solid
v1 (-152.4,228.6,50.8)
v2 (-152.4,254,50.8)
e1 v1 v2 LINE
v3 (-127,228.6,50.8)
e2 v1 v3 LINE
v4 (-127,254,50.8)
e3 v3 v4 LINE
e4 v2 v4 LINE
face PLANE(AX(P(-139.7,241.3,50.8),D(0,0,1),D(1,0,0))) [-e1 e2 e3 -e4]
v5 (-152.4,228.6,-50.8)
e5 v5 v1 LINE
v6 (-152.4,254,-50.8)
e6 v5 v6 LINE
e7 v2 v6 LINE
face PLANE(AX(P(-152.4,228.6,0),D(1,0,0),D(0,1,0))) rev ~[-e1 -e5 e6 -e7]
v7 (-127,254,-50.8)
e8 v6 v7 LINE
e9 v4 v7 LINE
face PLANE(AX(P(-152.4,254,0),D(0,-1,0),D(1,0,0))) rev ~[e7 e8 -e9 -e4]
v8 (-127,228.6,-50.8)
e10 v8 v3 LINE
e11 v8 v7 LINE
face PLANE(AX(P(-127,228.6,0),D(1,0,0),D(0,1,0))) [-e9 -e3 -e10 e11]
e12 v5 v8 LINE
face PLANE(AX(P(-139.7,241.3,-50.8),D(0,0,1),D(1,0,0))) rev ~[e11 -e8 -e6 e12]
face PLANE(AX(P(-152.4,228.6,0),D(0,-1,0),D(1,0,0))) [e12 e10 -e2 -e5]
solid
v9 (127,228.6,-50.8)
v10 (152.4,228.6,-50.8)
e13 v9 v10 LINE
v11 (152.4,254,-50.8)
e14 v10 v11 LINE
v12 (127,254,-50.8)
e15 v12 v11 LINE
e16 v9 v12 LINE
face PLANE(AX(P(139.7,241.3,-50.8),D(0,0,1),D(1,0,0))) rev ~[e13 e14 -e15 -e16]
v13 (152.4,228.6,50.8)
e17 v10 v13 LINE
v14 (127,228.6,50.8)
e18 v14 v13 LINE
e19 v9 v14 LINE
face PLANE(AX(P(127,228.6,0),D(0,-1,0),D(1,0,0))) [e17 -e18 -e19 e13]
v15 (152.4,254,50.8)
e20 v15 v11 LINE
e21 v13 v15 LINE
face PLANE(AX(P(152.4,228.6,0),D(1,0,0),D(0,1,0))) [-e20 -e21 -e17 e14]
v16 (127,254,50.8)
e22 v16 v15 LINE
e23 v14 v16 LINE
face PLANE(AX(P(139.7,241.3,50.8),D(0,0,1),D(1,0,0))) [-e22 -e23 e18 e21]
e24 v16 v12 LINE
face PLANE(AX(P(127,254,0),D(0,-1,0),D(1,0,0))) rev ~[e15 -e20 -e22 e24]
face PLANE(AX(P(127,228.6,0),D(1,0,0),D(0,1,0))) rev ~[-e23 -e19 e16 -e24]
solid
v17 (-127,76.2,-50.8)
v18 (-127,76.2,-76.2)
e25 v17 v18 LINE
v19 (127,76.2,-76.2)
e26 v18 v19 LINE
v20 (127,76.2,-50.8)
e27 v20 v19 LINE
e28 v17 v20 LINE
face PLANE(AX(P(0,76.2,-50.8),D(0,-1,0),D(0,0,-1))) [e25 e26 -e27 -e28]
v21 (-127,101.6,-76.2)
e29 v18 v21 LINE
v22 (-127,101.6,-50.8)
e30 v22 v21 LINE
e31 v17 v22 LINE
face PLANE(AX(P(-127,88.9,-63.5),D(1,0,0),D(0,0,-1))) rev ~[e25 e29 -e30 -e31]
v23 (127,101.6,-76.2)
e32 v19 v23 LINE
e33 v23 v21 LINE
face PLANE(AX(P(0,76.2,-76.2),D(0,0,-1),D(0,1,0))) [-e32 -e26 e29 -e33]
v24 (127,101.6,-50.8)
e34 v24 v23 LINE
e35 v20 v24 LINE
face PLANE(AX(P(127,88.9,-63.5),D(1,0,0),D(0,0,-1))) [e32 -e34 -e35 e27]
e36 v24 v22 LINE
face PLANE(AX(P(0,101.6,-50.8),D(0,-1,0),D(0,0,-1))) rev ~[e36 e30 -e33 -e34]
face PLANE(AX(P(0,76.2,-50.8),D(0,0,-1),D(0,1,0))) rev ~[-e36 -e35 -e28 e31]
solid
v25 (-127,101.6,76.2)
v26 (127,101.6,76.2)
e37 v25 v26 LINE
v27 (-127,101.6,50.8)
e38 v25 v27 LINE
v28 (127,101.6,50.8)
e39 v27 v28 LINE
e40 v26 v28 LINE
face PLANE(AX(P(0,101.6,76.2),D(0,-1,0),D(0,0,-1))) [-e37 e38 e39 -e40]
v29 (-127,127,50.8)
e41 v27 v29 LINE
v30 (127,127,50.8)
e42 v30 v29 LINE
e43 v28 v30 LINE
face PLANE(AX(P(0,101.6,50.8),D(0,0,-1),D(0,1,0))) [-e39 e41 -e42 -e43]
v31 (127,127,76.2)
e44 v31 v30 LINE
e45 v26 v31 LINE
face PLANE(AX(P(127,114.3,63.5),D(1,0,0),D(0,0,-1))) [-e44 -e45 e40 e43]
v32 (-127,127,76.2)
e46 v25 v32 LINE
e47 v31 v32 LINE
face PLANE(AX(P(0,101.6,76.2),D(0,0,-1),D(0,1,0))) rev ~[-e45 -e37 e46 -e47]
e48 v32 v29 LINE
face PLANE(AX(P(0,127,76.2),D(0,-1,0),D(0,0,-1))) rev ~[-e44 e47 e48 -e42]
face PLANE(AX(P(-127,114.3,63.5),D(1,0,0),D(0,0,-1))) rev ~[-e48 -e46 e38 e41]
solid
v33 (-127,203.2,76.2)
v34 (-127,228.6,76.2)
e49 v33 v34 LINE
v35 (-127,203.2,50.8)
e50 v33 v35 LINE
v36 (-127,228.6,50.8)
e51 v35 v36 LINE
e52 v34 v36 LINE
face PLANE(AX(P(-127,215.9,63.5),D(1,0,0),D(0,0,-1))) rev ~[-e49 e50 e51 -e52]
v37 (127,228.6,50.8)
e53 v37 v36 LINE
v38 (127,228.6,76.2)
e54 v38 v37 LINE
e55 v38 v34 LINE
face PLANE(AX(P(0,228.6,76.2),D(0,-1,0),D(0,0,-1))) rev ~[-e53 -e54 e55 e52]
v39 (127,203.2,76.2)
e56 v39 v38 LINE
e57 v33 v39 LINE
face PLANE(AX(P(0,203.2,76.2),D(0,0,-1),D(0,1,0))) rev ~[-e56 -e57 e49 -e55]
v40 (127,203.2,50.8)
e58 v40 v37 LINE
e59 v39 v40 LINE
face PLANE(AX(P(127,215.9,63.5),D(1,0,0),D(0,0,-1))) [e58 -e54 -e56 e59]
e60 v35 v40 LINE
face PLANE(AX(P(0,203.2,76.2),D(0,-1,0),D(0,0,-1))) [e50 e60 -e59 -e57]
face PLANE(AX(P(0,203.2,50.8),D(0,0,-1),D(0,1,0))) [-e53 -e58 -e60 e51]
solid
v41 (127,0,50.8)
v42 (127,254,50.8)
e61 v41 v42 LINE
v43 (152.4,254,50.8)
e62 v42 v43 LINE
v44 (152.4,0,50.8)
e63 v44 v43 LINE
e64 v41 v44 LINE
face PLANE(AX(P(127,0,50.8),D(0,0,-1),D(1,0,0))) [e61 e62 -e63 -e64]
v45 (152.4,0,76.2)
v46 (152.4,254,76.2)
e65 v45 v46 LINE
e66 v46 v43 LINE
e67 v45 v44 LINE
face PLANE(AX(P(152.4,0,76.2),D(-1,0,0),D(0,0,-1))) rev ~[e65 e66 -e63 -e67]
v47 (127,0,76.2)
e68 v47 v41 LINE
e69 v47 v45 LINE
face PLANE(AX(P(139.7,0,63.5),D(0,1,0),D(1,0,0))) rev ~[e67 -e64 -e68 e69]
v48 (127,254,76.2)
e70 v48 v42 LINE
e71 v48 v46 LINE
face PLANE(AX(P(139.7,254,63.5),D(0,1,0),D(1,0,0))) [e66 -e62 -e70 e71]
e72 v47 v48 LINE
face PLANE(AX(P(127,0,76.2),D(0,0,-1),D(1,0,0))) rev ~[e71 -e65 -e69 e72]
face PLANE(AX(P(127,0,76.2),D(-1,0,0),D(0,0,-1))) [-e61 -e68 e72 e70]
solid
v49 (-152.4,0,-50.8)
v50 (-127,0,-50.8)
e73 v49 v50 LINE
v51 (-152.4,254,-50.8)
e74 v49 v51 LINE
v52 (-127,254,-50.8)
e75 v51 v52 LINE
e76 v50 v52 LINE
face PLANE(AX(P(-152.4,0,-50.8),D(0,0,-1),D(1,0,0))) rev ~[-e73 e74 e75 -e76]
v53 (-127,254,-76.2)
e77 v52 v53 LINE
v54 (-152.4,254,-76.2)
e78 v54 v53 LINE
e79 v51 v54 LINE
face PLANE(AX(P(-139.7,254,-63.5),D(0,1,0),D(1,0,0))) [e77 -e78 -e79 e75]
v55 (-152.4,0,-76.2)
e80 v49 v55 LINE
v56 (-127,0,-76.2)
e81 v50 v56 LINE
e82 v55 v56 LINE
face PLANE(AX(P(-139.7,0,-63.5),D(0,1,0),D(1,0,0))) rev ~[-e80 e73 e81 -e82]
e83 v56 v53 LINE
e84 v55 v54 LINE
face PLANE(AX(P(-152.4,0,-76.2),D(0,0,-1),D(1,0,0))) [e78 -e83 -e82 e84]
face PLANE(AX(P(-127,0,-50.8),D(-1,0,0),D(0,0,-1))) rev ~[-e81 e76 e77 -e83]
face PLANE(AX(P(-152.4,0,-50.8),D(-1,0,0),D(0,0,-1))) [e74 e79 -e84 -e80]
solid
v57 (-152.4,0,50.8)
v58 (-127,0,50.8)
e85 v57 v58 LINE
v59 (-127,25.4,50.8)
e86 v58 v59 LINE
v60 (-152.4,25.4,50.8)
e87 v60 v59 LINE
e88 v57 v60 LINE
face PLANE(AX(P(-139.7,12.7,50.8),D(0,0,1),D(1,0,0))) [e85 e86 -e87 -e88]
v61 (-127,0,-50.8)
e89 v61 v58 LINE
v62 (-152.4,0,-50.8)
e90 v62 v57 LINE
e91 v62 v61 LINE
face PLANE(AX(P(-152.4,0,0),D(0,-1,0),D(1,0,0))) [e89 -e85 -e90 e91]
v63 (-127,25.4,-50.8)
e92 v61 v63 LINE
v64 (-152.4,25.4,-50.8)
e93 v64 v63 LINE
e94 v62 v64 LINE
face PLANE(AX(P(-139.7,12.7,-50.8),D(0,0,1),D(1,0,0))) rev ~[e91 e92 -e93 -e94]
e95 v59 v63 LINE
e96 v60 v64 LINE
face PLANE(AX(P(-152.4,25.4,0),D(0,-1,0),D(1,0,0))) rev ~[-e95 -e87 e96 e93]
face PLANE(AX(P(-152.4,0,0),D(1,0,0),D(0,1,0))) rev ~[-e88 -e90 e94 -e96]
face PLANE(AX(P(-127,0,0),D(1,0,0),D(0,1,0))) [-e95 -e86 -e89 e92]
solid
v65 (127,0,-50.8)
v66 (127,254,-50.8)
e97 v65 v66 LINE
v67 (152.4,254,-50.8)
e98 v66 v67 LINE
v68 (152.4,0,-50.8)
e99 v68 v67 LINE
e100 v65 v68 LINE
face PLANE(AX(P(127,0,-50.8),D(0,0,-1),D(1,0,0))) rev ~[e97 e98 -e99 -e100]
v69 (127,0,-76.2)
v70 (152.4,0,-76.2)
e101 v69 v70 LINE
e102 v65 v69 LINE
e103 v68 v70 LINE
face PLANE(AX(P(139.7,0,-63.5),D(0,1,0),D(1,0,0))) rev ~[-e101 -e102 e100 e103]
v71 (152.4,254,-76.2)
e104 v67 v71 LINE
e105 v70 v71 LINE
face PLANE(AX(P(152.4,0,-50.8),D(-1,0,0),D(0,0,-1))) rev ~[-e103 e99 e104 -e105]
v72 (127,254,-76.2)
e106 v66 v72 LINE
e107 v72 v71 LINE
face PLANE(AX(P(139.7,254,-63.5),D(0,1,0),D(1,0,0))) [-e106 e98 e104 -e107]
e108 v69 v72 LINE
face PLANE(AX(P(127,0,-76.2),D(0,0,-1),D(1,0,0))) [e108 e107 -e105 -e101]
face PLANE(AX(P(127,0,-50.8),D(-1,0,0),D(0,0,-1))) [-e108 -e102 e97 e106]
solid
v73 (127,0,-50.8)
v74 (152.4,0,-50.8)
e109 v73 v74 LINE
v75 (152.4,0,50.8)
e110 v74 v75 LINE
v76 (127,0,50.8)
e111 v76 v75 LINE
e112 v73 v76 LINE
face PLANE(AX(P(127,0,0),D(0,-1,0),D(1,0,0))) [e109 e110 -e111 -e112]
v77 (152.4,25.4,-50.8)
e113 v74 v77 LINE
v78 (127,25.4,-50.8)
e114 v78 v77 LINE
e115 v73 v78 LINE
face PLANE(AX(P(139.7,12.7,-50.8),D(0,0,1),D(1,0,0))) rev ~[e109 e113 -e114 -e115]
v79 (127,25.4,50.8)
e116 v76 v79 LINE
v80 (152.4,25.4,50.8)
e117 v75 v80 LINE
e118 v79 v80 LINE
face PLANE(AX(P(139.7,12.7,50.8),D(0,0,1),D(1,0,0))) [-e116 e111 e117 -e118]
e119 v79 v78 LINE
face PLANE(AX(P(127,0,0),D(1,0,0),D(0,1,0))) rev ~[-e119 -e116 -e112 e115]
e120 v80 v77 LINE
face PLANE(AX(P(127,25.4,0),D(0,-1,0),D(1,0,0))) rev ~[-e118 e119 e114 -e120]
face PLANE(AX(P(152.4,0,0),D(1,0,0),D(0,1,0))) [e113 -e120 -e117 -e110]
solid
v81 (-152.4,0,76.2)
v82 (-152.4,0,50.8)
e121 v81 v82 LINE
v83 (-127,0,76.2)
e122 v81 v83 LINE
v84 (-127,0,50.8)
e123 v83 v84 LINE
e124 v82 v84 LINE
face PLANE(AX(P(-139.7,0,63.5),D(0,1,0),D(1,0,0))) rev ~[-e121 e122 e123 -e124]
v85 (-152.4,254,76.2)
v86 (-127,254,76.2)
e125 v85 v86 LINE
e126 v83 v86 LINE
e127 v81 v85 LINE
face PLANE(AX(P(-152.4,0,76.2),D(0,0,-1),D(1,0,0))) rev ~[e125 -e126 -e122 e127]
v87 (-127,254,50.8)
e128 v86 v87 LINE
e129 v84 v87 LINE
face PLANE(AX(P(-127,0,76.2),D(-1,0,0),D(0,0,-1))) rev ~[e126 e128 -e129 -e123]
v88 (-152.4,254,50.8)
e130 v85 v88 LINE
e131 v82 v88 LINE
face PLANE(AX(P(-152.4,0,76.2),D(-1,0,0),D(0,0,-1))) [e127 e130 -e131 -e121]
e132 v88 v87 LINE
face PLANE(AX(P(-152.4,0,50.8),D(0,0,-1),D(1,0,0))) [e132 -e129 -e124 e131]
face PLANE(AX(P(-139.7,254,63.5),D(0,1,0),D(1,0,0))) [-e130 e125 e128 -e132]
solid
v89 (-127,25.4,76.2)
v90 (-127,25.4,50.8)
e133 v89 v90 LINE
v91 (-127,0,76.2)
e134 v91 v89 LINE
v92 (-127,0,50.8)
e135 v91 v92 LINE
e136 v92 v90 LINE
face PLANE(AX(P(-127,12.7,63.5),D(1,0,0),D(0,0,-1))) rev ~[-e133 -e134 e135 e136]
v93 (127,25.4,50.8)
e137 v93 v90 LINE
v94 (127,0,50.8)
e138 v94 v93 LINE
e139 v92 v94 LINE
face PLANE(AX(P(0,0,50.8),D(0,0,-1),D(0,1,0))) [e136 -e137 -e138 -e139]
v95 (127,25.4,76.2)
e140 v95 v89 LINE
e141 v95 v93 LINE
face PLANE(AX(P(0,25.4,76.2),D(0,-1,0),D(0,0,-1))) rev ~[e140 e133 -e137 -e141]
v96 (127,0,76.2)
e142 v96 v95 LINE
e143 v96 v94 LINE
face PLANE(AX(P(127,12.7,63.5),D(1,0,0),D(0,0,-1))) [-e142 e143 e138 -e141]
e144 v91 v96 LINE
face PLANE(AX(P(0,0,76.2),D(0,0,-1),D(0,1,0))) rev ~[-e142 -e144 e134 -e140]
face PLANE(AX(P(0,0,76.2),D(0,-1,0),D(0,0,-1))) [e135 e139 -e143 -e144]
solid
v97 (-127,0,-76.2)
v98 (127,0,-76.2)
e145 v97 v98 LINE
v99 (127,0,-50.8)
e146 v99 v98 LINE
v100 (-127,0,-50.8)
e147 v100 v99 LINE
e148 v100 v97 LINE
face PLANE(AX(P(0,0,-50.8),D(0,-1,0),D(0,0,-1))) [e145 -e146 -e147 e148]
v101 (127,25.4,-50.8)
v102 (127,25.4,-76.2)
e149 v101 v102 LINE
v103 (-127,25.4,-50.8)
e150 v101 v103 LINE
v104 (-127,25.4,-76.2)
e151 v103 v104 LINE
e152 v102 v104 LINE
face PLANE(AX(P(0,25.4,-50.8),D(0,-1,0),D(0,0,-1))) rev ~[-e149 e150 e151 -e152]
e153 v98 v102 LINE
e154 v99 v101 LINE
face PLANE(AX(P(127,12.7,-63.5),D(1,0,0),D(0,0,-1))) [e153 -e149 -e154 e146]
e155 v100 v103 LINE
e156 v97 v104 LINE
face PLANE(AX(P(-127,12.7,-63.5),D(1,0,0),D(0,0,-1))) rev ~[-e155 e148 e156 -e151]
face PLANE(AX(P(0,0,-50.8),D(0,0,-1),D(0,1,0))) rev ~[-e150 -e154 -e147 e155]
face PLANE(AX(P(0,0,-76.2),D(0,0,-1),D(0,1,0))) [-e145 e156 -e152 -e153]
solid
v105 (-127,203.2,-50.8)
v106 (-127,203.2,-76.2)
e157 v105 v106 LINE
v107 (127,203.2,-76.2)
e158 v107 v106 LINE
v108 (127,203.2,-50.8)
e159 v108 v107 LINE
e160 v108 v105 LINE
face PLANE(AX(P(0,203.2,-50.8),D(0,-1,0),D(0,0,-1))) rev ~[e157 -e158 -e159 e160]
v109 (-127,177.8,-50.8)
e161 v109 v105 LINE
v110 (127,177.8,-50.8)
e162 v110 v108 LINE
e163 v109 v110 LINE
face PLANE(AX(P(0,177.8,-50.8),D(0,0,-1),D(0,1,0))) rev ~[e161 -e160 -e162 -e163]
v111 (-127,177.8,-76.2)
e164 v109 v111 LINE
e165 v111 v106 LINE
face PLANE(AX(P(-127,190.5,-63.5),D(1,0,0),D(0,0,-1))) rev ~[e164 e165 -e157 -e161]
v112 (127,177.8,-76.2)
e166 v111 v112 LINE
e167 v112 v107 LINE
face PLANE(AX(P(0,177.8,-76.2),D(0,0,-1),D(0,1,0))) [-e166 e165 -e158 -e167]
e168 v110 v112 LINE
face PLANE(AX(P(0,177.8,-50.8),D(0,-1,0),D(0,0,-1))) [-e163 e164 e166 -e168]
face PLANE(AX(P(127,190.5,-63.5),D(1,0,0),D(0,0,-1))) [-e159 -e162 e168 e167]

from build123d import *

# Parameters (mm, degrees)
SKETCH1_W                  = 25.4
SKETCH1_H                  = 25.4
BOSS_EXTRUDE1_DEPTH        = 254
BOSS_EXTRUDE1_2_DEPTH      = 254
BOSS_EXTRUDE1_3_DEPTH      = 254
BOSS_EXTRUDE1_4_DEPTH      = 254
SKETCH2_W                  = 25.4
SKETCH2_H                  = 25.4
BOSS_EXTRUDE2_DEPTH        = 127
BOSS_EXTRUDE2_DEPTH_BACK   = 127
BOSS_EXTRUDE2_2_DEPTH      = 127
BOSS_EXTRUDE2_2_DEPTH_BACK = 127
BOSS_EXTRUDE2_3_DEPTH      = 127
BOSS_EXTRUDE2_3_DEPTH_BACK = 127
BOSS_EXTRUDE2_4_DEPTH      = 127
BOSS_EXTRUDE2_4_DEPTH_BACK = 127
BOSS_EXTRUDE2_5_DEPTH      = 127
BOSS_EXTRUDE2_5_DEPTH_BACK = 127
BOSS_EXTRUDE2_6_DEPTH      = 127
BOSS_EXTRUDE2_6_DEPTH_BACK = 127
SKETCH3_W                  = 25.4
SKETCH3_H                  = 25.4
BOSS_EXTRUDE3_DEPTH        = 50.8
BOSS_EXTRUDE3_DEPTH_BACK   = 50.8
BOSS_EXTRUDE3_2_DEPTH      = 50.8
BOSS_EXTRUDE3_2_DEPTH_BACK = 50.8
BOSS_EXTRUDE3_3_DEPTH      = 50.8
BOSS_EXTRUDE3_3_DEPTH_BACK = 50.8
BOSS_EXTRUDE3_4_DEPTH      = 50.8
BOSS_EXTRUDE3_4_DEPTH_BACK = 50.8


with BuildPart() as part:
    # Sketch1 → Boss-Extrude1 (new body)
    with BuildSketch(Plane(origin=(0, 0, 0), x_dir=(1, 0, 0), z_dir=(0, 1, 0))):
        with Locations((-139.7, 63.5)):
            Rectangle(SKETCH1_W, SKETCH1_H)
    extrude(amount=BOSS_EXTRUDE1_DEPTH)


with BuildPart() as body_2:
    # Sketch1 → Boss-Extrude1 2 (new body)
    with BuildSketch(Plane(origin=(0, 0, 0), x_dir=(1, 0, 0), z_dir=(0, 1, 0))):
        with Locations((-139.7, -63.5)):
            Rectangle(SKETCH1_W, SKETCH1_H)
    extrude(amount=BOSS_EXTRUDE1_2_DEPTH)


with BuildPart() as body_3:
    # Sketch1 → Boss-Extrude1 3 (new body)
    with BuildSketch(Plane(origin=(0, 0, 0), x_dir=(1, 0, 0), z_dir=(0, 1, 0))):
        with Locations((139.7, -63.5)):
            Rectangle(SKETCH1_W, SKETCH1_H)
    extrude(amount=BOSS_EXTRUDE1_3_DEPTH)


with BuildPart() as body_4:
    # Sketch1 → Boss-Extrude1 4 (new body)
    with BuildSketch(Plane(origin=(0, 0, 0), x_dir=(1, 0, 0), z_dir=(0, 1, 0))):
        with Locations((139.7, 63.5)):
            Rectangle(SKETCH1_W, SKETCH1_H)
    extrude(amount=BOSS_EXTRUDE1_4_DEPTH)


with BuildPart() as body_5:
    # Sketch2 → Boss-Extrude2 (new body, two sides)
    with BuildSketch(Plane(origin=(0, 0, 0), x_dir=(0, 0, -1), z_dir=(1, 0, 0))) as boss_extrude2_sk:
        with Locations((-63.5, 215.9)):
            Rectangle(SKETCH2_W, SKETCH2_H)
    extrude(amount=BOSS_EXTRUDE2_DEPTH)
    extrude(boss_extrude2_sk.sketch, amount=-BOSS_EXTRUDE2_DEPTH_BACK)


with BuildPart() as body_6:
    # Sketch2 → Boss-Extrude2 2 (new body, two sides)
    with BuildSketch(Plane(origin=(0, 0, 0), x_dir=(0, 0, -1), z_dir=(1, 0, 0))) as boss_extrude2_2_sk:
        with Locations((63.5, 190.5)):
            Rectangle(SKETCH2_W, SKETCH2_H)
    extrude(amount=BOSS_EXTRUDE2_2_DEPTH)
    extrude(boss_extrude2_2_sk.sketch, amount=-BOSS_EXTRUDE2_2_DEPTH_BACK)


with BuildPart() as body_7:
    # Sketch2 → Boss-Extrude2 3 (new body, two sides)
    with BuildSketch(Plane(origin=(0, 0, 0), x_dir=(0, 0, -1), z_dir=(1, 0, 0))) as boss_extrude2_3_sk:
        with Locations((-63.5, 12.7)):
            Rectangle(SKETCH2_W, SKETCH2_H)
    extrude(amount=BOSS_EXTRUDE2_3_DEPTH)
    extrude(boss_extrude2_3_sk.sketch, amount=-BOSS_EXTRUDE2_3_DEPTH_BACK)


with BuildPart() as body_8:
    # Sketch2 → Boss-Extrude2 4 (new body, two sides)
    with BuildSketch(Plane(origin=(0, 0, 0), x_dir=(0, 0, -1), z_dir=(1, 0, 0))) as boss_extrude2_4_sk:
        with Locations((63.5, 12.7)):
            Rectangle(SKETCH2_W, SKETCH2_H)
    extrude(amount=BOSS_EXTRUDE2_4_DEPTH)
    extrude(boss_extrude2_4_sk.sketch, amount=-BOSS_EXTRUDE2_4_DEPTH_BACK)


with BuildPart() as body_9:
    # Sketch2 → Boss-Extrude2 5 (new body, two sides)
    with BuildSketch(Plane(origin=(0, 0, 0), x_dir=(0, 0, -1), z_dir=(1, 0, 0))) as boss_extrude2_5_sk:
        with Locations((-63.5, 114.3)):
            Rectangle(SKETCH2_W, SKETCH2_H)
    extrude(amount=BOSS_EXTRUDE2_5_DEPTH)
    extrude(boss_extrude2_5_sk.sketch, amount=-BOSS_EXTRUDE2_5_DEPTH_BACK)


with BuildPart() as body_10:
    # Sketch2 → Boss-Extrude2 6 (new body, two sides)
    with BuildSketch(Plane(origin=(0, 0, 0), x_dir=(0, 0, -1), z_dir=(1, 0, 0))) as boss_extrude2_6_sk:
        with Locations((63.5, 88.9)):
            Rectangle(SKETCH2_W, SKETCH2_H)
    extrude(amount=BOSS_EXTRUDE2_6_DEPTH)
    extrude(boss_extrude2_6_sk.sketch, amount=-BOSS_EXTRUDE2_6_DEPTH_BACK)


with BuildPart() as body_11:
    # Sketch3 → Boss-Extrude3 (new body, two sides)
    with BuildSketch(Plane.XY) as boss_extrude3_sk:
        with Locations((-139.7, 241.3)):
            Rectangle(SKETCH3_W, SKETCH3_H)
    extrude(amount=BOSS_EXTRUDE3_DEPTH)
    extrude(boss_extrude3_sk.sketch, amount=-BOSS_EXTRUDE3_DEPTH_BACK)


with BuildPart() as body_12:
    # Sketch3 → Boss-Extrude3 2 (new body, two sides)
    with BuildSketch(Plane.XY) as boss_extrude3_2_sk:
        with Locations((-139.7, 12.7)):
            Rectangle(SKETCH3_W, SKETCH3_H)
    extrude(amount=BOSS_EXTRUDE3_2_DEPTH)
    extrude(boss_extrude3_2_sk.sketch, amount=-BOSS_EXTRUDE3_2_DEPTH_BACK)


with BuildPart() as body_13:
    # Sketch3 → Boss-Extrude3 3 (new body, two sides)
    with BuildSketch(Plane.XY) as boss_extrude3_3_sk:
        with Locations((139.7, 241.3)):
            Rectangle(SKETCH3_W, SKETCH3_H)
    extrude(amount=BOSS_EXTRUDE3_3_DEPTH)
    extrude(boss_extrude3_3_sk.sketch, amount=-BOSS_EXTRUDE3_3_DEPTH_BACK)


with BuildPart() as body_14:
    # Sketch3 → Boss-Extrude3 4 (new body, two sides)
    with BuildSketch(Plane.XY) as boss_extrude3_4_sk:
        with Locations((139.7, 12.7)):
            Rectangle(SKETCH3_W, SKETCH3_H)
    extrude(amount=BOSS_EXTRUDE3_4_DEPTH)
    extrude(boss_extrude3_4_sk.sketch, amount=-BOSS_EXTRUDE3_4_DEPTH_BACK)


solid = Compound([part.part, body_2.part, body_3.part, body_4.part, body_5.part, body_6.part, body_7.part, body_8.part, body_9.part, body_10.part, body_11.part, body_12.part, body_13.part, body_14.part])
